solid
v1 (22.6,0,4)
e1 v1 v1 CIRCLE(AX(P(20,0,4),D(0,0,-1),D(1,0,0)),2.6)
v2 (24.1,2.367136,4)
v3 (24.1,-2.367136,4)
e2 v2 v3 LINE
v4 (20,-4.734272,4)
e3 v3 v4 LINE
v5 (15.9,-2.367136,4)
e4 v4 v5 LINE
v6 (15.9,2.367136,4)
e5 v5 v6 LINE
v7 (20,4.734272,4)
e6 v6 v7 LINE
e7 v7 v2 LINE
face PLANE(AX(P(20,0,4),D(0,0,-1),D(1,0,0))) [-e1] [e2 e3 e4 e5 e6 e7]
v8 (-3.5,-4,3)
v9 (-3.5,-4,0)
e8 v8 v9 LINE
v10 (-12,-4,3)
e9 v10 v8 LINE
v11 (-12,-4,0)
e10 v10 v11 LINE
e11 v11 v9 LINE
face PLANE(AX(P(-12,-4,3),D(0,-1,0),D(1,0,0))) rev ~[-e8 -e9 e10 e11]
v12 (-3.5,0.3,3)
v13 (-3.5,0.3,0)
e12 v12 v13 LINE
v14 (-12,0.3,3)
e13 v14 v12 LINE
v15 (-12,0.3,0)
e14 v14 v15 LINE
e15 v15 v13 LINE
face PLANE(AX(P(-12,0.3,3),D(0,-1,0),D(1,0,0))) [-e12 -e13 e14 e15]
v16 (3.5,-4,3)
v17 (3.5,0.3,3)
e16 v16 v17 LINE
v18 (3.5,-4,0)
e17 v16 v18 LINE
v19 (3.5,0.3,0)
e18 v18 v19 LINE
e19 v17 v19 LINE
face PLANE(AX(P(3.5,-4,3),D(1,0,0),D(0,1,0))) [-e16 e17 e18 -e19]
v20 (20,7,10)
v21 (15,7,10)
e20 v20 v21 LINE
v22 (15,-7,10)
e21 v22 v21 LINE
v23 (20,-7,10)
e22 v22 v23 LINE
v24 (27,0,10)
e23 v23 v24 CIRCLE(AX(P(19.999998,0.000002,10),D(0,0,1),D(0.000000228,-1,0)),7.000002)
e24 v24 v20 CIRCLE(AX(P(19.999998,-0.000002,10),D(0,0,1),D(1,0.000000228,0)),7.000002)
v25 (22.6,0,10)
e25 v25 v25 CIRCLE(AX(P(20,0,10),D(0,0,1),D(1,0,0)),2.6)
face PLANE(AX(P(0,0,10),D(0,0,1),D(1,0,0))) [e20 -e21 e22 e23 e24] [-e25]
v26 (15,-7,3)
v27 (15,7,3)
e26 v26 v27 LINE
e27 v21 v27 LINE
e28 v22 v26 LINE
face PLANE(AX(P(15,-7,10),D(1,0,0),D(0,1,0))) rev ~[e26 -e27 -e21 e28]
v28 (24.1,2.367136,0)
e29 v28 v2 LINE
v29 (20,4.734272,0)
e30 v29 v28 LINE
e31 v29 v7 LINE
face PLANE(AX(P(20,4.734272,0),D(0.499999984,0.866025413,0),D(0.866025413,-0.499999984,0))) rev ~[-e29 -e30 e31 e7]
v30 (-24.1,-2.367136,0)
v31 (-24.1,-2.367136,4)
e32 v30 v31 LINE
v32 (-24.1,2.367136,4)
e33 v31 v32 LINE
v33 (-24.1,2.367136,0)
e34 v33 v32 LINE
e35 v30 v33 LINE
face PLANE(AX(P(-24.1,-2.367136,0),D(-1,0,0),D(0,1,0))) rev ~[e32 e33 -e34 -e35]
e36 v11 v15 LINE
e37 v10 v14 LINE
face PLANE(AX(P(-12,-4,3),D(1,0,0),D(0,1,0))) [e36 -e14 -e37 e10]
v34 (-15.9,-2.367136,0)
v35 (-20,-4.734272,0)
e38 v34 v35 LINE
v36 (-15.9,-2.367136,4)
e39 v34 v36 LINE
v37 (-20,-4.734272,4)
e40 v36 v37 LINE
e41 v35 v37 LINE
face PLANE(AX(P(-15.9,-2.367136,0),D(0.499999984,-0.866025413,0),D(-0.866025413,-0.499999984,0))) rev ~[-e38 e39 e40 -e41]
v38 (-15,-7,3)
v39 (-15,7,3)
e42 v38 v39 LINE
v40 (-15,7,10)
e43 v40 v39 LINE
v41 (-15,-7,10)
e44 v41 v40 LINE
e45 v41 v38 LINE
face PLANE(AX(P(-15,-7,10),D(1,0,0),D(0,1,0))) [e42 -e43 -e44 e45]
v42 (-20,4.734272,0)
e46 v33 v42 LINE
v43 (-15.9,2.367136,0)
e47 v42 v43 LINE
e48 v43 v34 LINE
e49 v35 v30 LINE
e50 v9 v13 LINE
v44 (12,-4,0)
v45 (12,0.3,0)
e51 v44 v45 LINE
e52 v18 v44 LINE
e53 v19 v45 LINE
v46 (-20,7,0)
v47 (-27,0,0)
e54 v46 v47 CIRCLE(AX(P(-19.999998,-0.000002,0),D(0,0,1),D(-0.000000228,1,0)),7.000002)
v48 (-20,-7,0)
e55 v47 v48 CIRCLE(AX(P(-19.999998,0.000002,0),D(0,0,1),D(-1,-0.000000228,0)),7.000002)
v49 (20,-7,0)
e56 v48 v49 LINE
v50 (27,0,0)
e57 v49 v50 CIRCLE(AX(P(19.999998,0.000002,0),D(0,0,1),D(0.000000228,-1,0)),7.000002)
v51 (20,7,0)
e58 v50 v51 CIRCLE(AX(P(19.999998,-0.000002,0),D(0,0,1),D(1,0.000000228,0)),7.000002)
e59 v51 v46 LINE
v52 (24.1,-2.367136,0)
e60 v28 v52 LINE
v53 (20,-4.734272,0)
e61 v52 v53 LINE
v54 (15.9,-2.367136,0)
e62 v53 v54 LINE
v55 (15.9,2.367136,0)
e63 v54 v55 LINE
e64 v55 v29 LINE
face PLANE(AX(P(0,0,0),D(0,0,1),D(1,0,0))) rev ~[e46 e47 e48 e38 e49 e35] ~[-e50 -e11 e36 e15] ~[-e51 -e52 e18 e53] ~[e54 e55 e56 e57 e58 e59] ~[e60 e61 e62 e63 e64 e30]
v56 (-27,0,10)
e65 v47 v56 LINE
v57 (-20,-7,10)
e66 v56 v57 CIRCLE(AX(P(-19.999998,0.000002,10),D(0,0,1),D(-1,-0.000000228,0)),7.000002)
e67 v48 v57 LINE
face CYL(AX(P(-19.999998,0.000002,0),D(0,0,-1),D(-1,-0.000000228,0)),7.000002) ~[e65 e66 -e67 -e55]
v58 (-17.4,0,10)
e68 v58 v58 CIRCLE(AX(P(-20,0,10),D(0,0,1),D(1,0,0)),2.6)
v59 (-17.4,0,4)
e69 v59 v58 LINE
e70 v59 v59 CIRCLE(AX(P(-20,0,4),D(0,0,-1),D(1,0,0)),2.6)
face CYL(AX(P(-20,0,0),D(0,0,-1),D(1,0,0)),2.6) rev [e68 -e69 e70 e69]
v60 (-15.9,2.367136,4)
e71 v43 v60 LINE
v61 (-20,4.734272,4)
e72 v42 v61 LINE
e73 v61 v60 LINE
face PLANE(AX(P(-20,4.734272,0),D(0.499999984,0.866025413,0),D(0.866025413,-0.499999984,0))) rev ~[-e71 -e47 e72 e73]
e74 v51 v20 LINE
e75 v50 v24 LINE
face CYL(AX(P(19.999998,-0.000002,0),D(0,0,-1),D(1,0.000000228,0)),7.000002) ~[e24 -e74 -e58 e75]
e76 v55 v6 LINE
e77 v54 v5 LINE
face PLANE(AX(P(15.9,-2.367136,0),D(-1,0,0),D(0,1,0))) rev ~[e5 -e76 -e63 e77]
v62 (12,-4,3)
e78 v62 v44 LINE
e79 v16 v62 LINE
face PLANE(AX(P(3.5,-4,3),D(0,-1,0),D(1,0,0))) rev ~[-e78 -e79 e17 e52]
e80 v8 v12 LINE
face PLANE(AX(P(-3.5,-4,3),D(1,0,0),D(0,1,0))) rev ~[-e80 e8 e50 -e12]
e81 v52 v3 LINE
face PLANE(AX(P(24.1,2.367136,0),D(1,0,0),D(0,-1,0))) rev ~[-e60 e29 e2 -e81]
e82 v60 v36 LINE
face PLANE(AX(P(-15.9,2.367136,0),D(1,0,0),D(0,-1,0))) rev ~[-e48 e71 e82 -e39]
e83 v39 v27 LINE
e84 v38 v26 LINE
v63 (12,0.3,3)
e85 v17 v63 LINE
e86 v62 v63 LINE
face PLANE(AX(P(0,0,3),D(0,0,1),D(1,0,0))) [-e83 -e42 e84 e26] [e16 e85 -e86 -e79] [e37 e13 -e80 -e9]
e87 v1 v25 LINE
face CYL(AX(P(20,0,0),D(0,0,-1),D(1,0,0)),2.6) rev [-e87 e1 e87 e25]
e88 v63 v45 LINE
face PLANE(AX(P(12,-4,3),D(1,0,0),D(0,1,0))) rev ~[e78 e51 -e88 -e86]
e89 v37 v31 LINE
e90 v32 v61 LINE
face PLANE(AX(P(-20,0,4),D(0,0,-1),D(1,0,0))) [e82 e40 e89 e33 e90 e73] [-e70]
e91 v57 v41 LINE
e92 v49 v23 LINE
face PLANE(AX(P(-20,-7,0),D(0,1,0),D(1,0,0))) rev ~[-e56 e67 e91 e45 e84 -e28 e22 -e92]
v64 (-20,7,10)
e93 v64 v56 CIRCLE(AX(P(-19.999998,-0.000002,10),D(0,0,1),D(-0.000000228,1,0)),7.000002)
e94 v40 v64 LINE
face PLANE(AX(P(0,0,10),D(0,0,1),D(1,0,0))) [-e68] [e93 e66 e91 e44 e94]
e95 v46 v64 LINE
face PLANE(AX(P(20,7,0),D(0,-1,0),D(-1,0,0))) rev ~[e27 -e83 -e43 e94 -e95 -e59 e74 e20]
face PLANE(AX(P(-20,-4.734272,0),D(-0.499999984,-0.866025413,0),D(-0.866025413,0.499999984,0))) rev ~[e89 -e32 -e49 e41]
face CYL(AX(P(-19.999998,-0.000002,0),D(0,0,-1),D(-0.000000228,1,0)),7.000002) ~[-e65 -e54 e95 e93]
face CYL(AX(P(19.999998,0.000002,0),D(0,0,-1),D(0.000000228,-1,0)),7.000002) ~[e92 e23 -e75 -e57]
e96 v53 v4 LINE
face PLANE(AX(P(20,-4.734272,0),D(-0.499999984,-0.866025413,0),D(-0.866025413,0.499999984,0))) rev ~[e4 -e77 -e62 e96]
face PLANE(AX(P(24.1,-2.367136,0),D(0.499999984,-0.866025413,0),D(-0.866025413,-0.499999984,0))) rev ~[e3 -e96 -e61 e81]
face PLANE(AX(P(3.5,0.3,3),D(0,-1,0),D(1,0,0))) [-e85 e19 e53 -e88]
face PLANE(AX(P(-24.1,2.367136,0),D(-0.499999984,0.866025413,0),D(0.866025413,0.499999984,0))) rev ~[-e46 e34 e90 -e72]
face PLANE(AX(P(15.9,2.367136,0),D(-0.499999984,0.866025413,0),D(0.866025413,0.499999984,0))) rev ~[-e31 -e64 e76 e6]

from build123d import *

# Parameters (mm, degrees)
F0_R     = 2.6
F1_DEPTH = 10
F2_W     = 30
F2_H     = 14
F3_DEPTH = 7
F4_W     = 8.5
F4_H     = 4.3
F5_DEPTH = 25
F6_R     = 2.6
F7_DEPTH = 4


with BuildPart() as f1:
    # F0 (on Top) → F1 (new body)
    with BuildSketch(Plane.XY):
        with BuildLine():
            ThreePointArc((27, 0), (24.949747, 4.949747), (20, 7))
            Line((20, 7), (-20, 7))
            ThreePointArc((-20, 7), (-24.949747, 4.949747), (-27, 0))
            ThreePointArc((-27, 0), (-24.949747, -4.949747), (-20, -7))
            Line((-20, -7), (20, -7))
            ThreePointArc((20, -7), (24.949747, -4.949747), (27, 0))
        make_face()
        with Locations((-20, 0)):
            Circle(F0_R, mode=Mode.SUBTRACT)
        with Locations((20, 0)):
            Circle(F0_R, mode=Mode.SUBTRACT)
    extrude(amount=F1_DEPTH)

    # F2 (on face) → F3 (cut)
    with BuildSketch(Plane.XY.offset(10)):
        Rectangle(F2_W, F2_H)
    extrude(amount=-F3_DEPTH, mode=Mode.SUBTRACT)

    # F4 (on face) → F5 (cut)
    with BuildSketch(Plane.XY.offset(3)):
        with Locations((-7.75, -1.85)):
            Rectangle(F4_W, F4_H)
        with Locations((7.75, -1.85)):
            Rectangle(F4_W, F4_H)
    extrude(amount=-F5_DEPTH, mode=Mode.SUBTRACT)

    # F6 (on face) → F7 (cut)
    with BuildSketch(Plane(origin=(0, 0, 0), x_dir=(1, 0, 0), z_dir=(0, 0, -1))):
        Polygon((-15.9, -2.367136), (-15.9, 2.367136), (-20, 4.734272), (-24.1, 2.367136), (-24.1, -2.367136), (-20, -4.734272), align=None)
        with Locations((-20, 0)):
            Circle(F6_R, mode=Mode.SUBTRACT)
        Polygon((15.9, 2.367136), (15.9, -2.367136), (20, -4.734272), (24.1, -2.367136), (24.1, 2.367136), (20, 4.734272), align=None)
        with Locations((20, 0)):
            Circle(F6_R, mode=Mode.SUBTRACT)
    extrude(amount=-F7_DEPTH, mode=Mode.SUBTRACT)


solid = f1.part
